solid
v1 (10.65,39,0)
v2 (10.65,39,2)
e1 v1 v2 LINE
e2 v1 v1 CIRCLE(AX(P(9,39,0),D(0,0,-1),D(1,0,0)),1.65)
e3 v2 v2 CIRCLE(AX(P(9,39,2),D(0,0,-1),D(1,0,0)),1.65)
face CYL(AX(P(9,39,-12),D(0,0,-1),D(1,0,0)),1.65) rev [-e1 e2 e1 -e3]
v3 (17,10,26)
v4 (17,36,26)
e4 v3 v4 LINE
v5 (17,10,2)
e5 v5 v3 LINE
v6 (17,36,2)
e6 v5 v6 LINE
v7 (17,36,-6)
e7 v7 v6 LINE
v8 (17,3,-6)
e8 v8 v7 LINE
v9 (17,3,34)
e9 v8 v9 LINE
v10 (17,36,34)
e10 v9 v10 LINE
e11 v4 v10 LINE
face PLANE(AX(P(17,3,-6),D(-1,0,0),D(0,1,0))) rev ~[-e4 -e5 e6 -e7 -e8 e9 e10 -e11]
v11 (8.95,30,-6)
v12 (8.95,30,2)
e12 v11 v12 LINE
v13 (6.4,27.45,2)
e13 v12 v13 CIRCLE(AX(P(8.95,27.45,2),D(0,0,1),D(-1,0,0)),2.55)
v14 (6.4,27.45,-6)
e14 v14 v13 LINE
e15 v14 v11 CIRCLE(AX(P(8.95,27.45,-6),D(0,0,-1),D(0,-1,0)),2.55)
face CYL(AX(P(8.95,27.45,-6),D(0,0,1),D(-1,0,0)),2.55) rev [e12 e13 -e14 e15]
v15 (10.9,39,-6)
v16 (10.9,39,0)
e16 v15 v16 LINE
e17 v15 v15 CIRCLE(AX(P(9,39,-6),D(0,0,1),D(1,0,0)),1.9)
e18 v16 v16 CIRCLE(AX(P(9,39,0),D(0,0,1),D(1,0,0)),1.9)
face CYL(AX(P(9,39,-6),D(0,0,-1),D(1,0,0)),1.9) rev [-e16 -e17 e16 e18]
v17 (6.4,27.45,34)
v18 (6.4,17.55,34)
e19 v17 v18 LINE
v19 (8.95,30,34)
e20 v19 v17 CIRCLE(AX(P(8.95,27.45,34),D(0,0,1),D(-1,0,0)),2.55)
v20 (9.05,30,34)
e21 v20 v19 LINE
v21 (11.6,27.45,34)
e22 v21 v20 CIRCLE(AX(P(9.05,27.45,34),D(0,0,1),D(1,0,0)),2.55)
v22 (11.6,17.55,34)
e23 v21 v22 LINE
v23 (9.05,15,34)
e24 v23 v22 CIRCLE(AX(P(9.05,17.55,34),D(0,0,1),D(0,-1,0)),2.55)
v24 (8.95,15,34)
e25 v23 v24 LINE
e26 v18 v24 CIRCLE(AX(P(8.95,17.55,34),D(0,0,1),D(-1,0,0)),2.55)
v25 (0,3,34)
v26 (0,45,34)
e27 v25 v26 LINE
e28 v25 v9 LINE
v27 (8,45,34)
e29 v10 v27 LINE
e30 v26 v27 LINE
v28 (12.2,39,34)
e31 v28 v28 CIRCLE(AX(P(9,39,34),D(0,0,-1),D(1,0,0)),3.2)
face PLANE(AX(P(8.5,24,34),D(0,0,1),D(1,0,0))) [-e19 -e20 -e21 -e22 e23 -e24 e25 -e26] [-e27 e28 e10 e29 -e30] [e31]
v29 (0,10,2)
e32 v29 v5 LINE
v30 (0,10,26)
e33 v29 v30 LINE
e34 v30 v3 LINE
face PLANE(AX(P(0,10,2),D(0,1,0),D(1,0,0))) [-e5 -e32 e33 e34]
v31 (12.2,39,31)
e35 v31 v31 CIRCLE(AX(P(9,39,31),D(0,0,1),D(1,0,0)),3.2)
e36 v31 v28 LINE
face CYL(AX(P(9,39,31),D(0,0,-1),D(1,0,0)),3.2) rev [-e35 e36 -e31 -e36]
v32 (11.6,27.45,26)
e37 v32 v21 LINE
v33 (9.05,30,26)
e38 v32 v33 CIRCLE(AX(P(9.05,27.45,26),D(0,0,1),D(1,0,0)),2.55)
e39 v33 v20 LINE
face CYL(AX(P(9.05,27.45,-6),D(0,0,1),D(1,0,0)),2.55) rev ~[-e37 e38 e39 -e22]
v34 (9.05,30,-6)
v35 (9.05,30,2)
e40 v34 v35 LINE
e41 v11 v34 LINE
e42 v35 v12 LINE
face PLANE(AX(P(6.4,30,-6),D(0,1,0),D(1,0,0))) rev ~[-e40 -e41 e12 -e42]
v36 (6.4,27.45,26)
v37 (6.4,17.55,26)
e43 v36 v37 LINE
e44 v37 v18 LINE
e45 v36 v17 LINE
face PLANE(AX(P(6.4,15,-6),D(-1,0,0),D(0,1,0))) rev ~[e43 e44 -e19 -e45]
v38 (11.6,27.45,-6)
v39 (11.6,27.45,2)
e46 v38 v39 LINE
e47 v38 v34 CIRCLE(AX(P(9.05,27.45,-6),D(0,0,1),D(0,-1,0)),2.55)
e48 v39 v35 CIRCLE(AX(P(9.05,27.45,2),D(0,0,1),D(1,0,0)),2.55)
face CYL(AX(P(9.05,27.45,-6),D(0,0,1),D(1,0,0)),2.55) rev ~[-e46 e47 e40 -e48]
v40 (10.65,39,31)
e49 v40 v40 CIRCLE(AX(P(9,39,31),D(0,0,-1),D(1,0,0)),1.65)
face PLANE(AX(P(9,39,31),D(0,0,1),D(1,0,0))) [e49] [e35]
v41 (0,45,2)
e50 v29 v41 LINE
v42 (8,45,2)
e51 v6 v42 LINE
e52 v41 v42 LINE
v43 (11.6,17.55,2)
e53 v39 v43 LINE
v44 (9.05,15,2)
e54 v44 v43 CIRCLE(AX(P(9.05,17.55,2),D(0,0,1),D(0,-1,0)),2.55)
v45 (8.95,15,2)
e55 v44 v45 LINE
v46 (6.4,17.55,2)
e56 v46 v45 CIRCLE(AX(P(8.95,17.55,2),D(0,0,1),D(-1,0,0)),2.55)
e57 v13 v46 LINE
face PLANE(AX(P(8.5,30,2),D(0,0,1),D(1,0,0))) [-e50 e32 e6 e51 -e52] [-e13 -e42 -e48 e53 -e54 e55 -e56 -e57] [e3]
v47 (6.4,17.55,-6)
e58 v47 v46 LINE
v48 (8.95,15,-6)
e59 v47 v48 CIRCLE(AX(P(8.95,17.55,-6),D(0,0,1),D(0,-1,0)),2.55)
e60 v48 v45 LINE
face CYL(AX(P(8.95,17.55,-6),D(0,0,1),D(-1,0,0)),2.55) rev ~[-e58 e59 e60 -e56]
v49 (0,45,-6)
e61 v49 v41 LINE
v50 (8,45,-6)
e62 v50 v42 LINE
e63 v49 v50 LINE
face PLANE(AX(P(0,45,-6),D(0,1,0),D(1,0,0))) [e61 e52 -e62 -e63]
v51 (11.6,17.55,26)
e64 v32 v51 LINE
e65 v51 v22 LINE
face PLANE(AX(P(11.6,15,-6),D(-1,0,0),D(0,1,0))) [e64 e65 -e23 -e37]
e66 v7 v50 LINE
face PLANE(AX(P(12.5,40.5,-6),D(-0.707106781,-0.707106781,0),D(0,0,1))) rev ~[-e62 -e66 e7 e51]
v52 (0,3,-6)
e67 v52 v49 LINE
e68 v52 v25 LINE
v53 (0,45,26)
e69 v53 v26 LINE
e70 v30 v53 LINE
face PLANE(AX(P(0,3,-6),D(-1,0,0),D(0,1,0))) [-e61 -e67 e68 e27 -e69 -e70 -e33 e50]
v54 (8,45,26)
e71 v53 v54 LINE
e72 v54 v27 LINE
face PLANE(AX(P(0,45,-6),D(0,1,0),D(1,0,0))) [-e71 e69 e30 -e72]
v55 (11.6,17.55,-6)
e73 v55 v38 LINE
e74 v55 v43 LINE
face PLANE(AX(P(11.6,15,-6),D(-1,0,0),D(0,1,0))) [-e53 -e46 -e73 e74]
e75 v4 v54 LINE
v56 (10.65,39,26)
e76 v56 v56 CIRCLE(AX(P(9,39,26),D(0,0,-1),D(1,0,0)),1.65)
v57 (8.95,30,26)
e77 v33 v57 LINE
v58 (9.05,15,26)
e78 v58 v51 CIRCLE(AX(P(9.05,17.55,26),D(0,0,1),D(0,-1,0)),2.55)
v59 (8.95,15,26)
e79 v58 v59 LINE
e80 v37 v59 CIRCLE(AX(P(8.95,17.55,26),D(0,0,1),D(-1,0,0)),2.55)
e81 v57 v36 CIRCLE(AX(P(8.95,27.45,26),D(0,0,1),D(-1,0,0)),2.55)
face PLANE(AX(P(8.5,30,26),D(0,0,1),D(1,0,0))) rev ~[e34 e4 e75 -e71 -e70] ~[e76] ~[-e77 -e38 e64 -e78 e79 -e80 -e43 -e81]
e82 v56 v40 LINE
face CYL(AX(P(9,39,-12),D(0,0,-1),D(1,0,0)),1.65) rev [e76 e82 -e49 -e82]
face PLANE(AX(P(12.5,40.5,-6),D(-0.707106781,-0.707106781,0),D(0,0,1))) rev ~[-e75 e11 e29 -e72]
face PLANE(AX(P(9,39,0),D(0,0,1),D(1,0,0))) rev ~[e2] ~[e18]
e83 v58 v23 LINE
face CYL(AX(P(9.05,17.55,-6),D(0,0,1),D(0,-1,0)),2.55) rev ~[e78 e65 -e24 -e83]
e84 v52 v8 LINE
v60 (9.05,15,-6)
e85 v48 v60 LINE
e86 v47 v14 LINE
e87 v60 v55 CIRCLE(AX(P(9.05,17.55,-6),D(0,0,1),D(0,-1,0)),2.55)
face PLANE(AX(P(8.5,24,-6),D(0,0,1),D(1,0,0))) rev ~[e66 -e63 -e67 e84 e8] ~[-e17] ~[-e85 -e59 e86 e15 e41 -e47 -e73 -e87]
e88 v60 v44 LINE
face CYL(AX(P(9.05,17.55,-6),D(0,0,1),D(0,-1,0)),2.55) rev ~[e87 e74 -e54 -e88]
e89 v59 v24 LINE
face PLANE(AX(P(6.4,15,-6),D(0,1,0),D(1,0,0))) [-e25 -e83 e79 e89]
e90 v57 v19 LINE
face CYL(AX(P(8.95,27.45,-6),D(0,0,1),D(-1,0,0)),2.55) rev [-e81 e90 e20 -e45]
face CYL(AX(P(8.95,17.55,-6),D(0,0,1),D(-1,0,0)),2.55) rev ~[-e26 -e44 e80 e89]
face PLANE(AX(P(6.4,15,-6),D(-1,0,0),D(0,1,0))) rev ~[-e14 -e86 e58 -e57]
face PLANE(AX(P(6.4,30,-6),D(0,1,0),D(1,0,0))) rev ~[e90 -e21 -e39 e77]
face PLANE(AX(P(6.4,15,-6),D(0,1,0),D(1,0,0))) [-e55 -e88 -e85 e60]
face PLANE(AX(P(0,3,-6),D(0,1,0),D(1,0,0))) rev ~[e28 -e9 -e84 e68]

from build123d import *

# Parameters (mm, degrees)
BOX014_W              = 5.2
BOX014_H              = 15
BOX014_DEPTH          = 67
FILLET001_R           = 2.55
BOX021_W              = 17
BOX021_H              = 40
BOX021_DEPTH          = 24
CYLINDER005_R         = 3.2
CYLINDER005_DEPTH     = 4
CYLINDER007_R         = 1.9
CYLINDER007_DEPTH     = 6
CYLINDER006_R         = 1.65
CYLINDER006_DEPTH     = 54
BOX006_W              = 17
BOX006_H              = 42
BOX006_DEPTH          = 40
CHAMFER020026003_SIZE = 9


with BuildPart() as fillet001:
    # Box014 → Box014 (new body)
    with BuildSketch(Plane(origin=(6.4, 15, -6), x_dir=(1, 0, 0), z_dir=(0, 0, 1))):
        with Locations((2.6, 7.5)):
            Rectangle(BOX014_W, BOX014_H)
    extrude(amount=BOX014_DEPTH)

    # Fillet001
    fillet001_edges = [fillet001.edges().sort_by_distance(p)[0] for p in [
        (6.4, 15, 27.5),
        (6.4, 30, 27.5),
        (11.6, 15, 27.5),
        (11.6, 30, 27.5),
    ]]
    fillet(fillet001_edges, radius=FILLET001_R)


with BuildPart() as cube021:
    # Box021 → Box021 (new body)
    with BuildSketch(Plane(origin=(0, 10, 2), x_dir=(1, 0, 0), z_dir=(0, 0, 1))):
        with Locations((8.5, 20)):
            Rectangle(BOX021_W, BOX021_H)
    extrude(amount=BOX021_DEPTH)


with BuildPart() as cylinder005:
    # Cylinder005 → Cylinder005 (new body)
    with BuildSketch(Plane(origin=(9, 39, 31), x_dir=(1, 0, 0), z_dir=(0, 0, 1))):
        Circle(CYLINDER005_R)
    extrude(amount=CYLINDER005_DEPTH)


with BuildPart() as cylinder007:
    # Cylinder007 → Cylinder007 (new body)
    with BuildSketch(Plane(origin=(9, 39, -6), x_dir=(1, 0, 0), z_dir=(0, 0, 1))):
        Circle(CYLINDER007_R)
    extrude(amount=CYLINDER007_DEPTH)


with BuildPart() as cylinder006:
    # Cylinder006 → Cylinder006 (new body)
    with BuildSketch(Plane(origin=(9, 39, -12), x_dir=(1, 0, 0), z_dir=(0, 0, 1))):
        Circle(CYLINDER006_R)
    extrude(amount=CYLINDER006_DEPTH)


with BuildPart() as cut002002002007004004001006016:
    # Box006 → Box006 (new body)
    with BuildSketch(Plane(origin=(0, 3, -6), x_dir=(1, 0, 0), z_dir=(0, 0, 1))):
        with Locations((8.5, 21)):
            Rectangle(BOX006_W, BOX006_H)
    extrude(amount=BOX006_DEPTH)

    # Chamfer020026003
    chamfer020026003_edges = [cut002002002007004004001006016.edges().sort_by_distance(p)[0] for p in [
        (17, 45, 14),
    ]]
    chamfer(chamfer020026003_edges, length=CHAMFER020026003_SIZE)

    # Cut002002002007004004001006009: cut Cylinder006
    add(cylinder006.part, mode=Mode.SUBTRACT)

    # Cut002002002007004004001006010: cut Cylinder007
    add(cylinder007.part, mode=Mode.SUBTRACT)

    # Cut002002002007004004001006011: cut Cylinder005
    add(cylinder005.part, mode=Mode.SUBTRACT)

    # Cut002002002007004004001006012: cut Cube021
    add(cube021.part, mode=Mode.SUBTRACT)

    # Cut002002002007004004001006016: cut Fillet001
    add(fillet001.part, mode=Mode.SUBTRACT)


solid = cut002002002007004004001006016.part
